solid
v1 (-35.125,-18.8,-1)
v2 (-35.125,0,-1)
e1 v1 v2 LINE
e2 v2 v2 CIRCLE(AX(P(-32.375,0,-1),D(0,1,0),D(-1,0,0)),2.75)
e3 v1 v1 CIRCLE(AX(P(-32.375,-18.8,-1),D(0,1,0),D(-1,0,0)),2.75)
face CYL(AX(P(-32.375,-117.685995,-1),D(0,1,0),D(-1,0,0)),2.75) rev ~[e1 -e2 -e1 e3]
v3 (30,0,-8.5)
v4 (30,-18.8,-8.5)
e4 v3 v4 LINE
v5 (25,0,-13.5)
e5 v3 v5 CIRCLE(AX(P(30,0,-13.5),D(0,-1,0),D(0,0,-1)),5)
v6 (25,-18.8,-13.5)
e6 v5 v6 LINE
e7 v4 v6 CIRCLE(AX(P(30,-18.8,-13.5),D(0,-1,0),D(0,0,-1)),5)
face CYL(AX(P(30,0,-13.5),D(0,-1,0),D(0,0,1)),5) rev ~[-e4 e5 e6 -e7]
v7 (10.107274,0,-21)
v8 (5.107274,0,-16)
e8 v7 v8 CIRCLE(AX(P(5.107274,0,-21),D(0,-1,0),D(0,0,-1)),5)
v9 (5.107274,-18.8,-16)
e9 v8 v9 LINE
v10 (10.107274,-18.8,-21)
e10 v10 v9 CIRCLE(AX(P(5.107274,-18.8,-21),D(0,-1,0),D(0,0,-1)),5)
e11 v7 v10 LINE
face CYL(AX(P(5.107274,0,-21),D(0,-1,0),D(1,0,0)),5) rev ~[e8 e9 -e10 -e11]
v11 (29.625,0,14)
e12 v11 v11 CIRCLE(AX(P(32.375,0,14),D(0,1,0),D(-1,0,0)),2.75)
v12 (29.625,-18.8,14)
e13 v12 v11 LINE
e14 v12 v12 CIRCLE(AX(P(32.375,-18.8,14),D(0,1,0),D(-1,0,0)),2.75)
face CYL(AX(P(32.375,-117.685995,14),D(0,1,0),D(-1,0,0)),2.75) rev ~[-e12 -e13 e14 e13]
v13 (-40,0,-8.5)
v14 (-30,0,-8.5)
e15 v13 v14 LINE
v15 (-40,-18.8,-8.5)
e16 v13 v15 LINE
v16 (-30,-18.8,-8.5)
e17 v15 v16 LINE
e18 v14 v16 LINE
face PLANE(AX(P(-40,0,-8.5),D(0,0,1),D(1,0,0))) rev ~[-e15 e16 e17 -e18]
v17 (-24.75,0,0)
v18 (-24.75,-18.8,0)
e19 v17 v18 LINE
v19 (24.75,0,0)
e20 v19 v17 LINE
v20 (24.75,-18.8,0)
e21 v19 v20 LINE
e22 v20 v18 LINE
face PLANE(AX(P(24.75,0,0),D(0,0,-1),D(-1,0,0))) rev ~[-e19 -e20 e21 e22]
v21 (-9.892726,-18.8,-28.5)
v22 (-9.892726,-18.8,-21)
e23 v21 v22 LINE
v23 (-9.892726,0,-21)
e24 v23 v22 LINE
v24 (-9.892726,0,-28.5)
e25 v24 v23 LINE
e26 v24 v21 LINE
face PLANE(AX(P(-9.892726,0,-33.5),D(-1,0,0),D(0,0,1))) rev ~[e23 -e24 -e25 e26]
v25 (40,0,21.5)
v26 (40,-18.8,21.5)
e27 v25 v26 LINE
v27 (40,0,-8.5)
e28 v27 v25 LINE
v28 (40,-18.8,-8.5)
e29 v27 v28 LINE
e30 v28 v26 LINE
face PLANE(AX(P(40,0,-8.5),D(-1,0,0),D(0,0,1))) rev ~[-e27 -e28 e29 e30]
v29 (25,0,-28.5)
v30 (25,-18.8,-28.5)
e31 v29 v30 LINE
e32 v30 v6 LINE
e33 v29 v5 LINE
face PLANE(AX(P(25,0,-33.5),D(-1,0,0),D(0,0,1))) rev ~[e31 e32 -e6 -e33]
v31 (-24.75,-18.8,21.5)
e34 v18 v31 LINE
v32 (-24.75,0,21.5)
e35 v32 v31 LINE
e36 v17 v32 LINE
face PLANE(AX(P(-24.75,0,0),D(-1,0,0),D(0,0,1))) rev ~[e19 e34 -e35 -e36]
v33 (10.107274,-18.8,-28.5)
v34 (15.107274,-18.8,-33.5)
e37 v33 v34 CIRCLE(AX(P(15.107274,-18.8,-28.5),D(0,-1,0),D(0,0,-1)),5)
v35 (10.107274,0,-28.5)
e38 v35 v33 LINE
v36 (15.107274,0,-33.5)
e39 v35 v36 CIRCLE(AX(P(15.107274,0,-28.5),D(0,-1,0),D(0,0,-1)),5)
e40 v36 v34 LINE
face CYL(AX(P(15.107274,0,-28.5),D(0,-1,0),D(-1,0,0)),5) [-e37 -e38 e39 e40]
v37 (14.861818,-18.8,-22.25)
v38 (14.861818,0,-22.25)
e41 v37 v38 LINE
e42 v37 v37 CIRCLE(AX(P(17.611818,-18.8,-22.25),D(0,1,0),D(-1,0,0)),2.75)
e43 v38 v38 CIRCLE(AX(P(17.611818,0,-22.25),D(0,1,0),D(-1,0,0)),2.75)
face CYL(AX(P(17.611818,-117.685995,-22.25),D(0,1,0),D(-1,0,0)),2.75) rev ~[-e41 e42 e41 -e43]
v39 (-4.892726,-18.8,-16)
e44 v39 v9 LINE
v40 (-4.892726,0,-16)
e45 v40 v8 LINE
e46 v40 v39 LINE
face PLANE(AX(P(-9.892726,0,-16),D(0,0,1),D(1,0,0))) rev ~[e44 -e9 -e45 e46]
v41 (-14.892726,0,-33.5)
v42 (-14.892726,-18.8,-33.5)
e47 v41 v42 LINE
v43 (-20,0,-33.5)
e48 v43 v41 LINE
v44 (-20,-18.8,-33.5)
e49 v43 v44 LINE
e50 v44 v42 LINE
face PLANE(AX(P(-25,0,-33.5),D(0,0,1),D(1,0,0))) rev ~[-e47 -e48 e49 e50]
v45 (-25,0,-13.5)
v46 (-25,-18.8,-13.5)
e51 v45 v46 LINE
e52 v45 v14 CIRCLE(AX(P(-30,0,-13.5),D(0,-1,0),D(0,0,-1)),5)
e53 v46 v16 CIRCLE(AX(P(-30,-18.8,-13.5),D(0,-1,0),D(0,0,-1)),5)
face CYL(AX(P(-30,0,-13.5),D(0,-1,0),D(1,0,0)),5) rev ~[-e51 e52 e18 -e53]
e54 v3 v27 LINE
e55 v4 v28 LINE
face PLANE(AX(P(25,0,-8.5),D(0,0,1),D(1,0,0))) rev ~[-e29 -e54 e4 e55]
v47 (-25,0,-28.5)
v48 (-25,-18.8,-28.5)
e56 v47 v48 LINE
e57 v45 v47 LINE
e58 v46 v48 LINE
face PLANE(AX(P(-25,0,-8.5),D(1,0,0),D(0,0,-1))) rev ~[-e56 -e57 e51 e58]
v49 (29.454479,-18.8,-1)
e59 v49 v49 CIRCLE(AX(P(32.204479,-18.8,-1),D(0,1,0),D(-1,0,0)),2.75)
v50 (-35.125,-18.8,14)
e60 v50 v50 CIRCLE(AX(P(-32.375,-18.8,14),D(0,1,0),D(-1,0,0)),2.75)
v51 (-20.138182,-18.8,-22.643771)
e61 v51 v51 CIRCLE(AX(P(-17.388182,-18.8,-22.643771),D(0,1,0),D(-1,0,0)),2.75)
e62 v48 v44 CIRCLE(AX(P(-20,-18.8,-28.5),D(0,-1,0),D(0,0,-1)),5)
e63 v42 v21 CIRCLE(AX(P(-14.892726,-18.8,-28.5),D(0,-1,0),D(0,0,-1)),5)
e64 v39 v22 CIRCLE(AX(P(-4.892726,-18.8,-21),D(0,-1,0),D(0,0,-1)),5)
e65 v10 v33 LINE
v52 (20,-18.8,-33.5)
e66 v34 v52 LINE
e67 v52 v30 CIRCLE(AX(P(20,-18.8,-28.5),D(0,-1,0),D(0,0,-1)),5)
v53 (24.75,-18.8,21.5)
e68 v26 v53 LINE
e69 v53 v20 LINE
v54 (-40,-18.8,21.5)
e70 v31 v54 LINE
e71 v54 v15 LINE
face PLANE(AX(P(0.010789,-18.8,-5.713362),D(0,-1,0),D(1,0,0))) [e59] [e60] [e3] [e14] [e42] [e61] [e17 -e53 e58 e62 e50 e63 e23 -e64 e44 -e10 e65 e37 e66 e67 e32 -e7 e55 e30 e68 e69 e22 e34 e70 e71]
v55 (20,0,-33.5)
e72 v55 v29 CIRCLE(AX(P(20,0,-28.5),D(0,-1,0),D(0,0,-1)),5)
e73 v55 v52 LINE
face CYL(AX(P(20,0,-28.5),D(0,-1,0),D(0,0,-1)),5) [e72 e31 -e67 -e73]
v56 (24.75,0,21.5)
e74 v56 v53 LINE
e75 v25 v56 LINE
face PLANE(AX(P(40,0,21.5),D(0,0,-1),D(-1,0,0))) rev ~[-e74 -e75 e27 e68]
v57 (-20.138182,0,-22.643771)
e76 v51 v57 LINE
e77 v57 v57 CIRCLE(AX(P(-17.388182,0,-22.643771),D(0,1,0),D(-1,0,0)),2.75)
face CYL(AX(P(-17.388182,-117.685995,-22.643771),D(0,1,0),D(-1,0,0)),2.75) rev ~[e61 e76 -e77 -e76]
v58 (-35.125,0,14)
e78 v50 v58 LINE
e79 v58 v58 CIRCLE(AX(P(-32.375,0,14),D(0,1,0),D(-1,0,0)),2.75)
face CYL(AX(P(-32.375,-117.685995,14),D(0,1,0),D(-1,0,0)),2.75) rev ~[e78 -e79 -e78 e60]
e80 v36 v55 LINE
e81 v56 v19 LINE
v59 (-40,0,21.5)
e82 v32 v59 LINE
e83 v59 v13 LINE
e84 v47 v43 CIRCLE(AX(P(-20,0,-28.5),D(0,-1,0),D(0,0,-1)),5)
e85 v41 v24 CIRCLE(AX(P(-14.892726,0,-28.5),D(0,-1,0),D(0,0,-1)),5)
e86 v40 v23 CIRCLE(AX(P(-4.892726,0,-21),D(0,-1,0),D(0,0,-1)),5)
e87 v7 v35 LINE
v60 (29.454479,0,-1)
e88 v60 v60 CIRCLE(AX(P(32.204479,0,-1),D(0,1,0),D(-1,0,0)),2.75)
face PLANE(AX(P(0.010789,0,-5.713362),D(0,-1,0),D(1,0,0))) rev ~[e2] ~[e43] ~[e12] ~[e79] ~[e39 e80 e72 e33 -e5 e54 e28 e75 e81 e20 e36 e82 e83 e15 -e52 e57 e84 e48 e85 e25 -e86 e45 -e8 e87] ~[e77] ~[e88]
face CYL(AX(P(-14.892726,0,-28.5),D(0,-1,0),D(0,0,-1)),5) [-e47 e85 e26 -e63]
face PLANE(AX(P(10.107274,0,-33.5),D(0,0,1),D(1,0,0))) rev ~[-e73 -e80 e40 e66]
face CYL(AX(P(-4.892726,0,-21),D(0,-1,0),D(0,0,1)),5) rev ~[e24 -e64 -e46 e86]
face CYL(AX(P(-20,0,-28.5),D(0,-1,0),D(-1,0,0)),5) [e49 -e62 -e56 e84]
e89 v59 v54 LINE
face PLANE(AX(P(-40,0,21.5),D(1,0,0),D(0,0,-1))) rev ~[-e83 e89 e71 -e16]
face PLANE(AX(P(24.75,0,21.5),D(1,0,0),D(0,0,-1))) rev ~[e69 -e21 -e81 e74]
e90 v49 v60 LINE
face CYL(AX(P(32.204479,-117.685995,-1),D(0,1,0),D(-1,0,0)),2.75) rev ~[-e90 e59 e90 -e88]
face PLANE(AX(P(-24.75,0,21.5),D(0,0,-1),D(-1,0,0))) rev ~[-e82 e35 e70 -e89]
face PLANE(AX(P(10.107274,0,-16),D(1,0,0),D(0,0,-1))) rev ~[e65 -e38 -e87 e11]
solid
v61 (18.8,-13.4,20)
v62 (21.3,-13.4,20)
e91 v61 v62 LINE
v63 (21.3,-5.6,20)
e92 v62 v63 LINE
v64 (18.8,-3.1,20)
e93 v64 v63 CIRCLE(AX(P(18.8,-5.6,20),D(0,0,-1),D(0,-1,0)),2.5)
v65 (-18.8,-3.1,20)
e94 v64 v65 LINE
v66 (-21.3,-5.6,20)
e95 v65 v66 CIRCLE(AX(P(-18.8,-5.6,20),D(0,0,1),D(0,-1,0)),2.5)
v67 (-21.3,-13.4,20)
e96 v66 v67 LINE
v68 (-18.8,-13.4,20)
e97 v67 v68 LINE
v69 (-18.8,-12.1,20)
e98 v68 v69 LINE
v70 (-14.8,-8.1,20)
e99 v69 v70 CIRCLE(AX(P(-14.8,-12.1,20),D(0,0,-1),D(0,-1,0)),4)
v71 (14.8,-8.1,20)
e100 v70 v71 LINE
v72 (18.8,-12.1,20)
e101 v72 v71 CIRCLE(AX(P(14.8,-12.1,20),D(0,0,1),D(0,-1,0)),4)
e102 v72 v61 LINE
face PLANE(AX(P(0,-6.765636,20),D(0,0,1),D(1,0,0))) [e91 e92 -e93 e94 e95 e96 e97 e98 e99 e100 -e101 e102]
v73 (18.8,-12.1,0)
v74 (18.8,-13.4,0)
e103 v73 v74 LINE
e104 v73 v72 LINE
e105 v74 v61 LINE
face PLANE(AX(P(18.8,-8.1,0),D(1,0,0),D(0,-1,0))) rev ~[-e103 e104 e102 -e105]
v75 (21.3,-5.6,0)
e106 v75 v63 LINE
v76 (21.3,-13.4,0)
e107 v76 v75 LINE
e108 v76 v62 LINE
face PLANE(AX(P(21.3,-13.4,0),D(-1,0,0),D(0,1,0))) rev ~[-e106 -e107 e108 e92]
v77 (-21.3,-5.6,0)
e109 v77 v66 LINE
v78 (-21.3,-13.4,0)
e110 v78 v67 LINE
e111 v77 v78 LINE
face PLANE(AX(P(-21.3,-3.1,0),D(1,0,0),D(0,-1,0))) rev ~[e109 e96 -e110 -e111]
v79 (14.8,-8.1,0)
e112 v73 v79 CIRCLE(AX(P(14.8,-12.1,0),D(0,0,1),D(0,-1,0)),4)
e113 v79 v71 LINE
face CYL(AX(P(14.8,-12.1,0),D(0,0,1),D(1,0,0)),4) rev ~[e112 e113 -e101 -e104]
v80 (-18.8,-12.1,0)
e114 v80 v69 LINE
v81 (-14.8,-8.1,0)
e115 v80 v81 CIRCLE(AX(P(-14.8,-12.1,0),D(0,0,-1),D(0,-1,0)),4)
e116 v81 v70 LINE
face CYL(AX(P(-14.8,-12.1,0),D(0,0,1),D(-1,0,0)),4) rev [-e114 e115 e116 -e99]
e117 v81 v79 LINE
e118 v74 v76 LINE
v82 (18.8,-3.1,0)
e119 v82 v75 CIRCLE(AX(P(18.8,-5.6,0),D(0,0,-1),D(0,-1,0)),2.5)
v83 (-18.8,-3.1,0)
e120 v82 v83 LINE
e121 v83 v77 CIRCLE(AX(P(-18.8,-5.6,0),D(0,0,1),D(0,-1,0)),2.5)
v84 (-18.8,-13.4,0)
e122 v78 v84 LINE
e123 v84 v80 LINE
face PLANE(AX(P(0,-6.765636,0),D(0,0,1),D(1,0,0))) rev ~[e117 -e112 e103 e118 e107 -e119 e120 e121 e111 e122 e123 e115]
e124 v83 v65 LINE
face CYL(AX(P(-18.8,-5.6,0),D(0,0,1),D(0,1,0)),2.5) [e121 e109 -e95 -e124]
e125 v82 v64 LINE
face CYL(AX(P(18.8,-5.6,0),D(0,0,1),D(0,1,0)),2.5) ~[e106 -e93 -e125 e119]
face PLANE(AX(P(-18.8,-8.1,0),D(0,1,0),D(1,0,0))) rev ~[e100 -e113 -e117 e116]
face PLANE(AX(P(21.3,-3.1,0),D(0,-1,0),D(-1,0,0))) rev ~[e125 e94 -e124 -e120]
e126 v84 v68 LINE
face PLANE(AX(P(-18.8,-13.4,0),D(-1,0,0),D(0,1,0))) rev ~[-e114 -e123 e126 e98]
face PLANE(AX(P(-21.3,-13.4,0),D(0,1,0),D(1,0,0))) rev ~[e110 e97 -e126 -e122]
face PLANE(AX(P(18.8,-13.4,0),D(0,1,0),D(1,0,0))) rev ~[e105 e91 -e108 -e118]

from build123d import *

# Parameters (mm, degrees)
F1_DEPTH = 18.8
F3_DEPTH = 20
F4_R     = 4
F5_R     = 2.5
F6_R     = 2.5
F7_R     = 4
F8_R     = 5
F10_R    = 5
F11_R    = 5
F12_R    = 5
F13_D    = 5.5


with BuildPart() as f1:
    # F0 (on Front) → F1 (new body)
    with BuildSketch(Plane.XZ):
        Polygon((-24.75, 21.5), (-40, 21.5), (-40, -8.5), (-25, -8.5), (-25, -33.5), (-9.892726, -33.5), (-9.892726, -16), (10.107274, -16), (10.107274, -33.5), (25, -33.5), (25, -8.5), (40, -8.5), (40, 21.5), (24.75, 21.5), (24.75, 0), (-24.75, 0), align=None)
    extrude(amount=F1_DEPTH)

    # F8
    f8_edges = [f1.edges().sort_by_distance(p)[0] for p in [
        (-25, -9.4, -33.5),
        (-9.892726, -9.4, -33.5),
        (10.107274, -9.4, -33.5),
        (25, -9.4, -33.5),
    ]]
    fillet(f8_edges, radius=F8_R)

    # F10
    f10_edges = [f1.edges().sort_by_distance(p)[0] for p in [
        (-25, -9.4, -8.5),
    ]]
    fillet(f10_edges, radius=F10_R)

    # F11
    f11_edges = [f1.edges().sort_by_distance(p)[0] for p in [
        (25, -9.4, -8.5),
    ]]
    fillet(f11_edges, radius=F11_R)

    # F12
    f12_edges = [f1.edges().sort_by_distance(p)[0] for p in [
        (-9.892726, -9.4, -16),
        (10.107274, -9.4, -16),
    ]]
    fillet(f12_edges, radius=F12_R)

    # F13 (through all)
    with Locations(Plane.XZ.offset(18.8)):
        with Locations((-32.375, 14), (-32.375, -1), (32.375, 14), (32.204479, -1), (17.611818, -22.25), (-17.388182, -22.643771)):
            Hole(F13_D / 2)


with BuildPart() as f3:
    # F2 (on face) → F3 (new body)
    with BuildSketch(Plane.XY):
        Polygon((21.3, -3.1), (-21.3, -3.1), (-21.3, -13.4), (-18.8, -13.4), (-18.8, -8.1), (18.8, -8.1), (18.8, -13.4), (21.3, -13.4), align=None)
    extrude(amount=F3_DEPTH)

    # F4
    f4_edges = [f3.edges().sort_by_distance(p)[0] for p in [
        (-18.8, -8.1, 10),
    ]]
    fillet(f4_edges, radius=F4_R)

    # F5
    f5_edges = [f3.edges().sort_by_distance(p)[0] for p in [
        (21.3, -3.1, 10),
    ]]
    fillet(f5_edges, radius=F5_R)

    # F6
    f6_edges = [f3.edges().sort_by_distance(p)[0] for p in [
        (-21.3, -3.1, 10),
    ]]
    fillet(f6_edges, radius=F6_R)

    # F7
    f7_edges = [f3.edges().sort_by_distance(p)[0] for p in [
        (18.8, -8.1, 10),
    ]]
    fillet(f7_edges, radius=F7_R)


solid = Compound([f1.part, f3.part])
